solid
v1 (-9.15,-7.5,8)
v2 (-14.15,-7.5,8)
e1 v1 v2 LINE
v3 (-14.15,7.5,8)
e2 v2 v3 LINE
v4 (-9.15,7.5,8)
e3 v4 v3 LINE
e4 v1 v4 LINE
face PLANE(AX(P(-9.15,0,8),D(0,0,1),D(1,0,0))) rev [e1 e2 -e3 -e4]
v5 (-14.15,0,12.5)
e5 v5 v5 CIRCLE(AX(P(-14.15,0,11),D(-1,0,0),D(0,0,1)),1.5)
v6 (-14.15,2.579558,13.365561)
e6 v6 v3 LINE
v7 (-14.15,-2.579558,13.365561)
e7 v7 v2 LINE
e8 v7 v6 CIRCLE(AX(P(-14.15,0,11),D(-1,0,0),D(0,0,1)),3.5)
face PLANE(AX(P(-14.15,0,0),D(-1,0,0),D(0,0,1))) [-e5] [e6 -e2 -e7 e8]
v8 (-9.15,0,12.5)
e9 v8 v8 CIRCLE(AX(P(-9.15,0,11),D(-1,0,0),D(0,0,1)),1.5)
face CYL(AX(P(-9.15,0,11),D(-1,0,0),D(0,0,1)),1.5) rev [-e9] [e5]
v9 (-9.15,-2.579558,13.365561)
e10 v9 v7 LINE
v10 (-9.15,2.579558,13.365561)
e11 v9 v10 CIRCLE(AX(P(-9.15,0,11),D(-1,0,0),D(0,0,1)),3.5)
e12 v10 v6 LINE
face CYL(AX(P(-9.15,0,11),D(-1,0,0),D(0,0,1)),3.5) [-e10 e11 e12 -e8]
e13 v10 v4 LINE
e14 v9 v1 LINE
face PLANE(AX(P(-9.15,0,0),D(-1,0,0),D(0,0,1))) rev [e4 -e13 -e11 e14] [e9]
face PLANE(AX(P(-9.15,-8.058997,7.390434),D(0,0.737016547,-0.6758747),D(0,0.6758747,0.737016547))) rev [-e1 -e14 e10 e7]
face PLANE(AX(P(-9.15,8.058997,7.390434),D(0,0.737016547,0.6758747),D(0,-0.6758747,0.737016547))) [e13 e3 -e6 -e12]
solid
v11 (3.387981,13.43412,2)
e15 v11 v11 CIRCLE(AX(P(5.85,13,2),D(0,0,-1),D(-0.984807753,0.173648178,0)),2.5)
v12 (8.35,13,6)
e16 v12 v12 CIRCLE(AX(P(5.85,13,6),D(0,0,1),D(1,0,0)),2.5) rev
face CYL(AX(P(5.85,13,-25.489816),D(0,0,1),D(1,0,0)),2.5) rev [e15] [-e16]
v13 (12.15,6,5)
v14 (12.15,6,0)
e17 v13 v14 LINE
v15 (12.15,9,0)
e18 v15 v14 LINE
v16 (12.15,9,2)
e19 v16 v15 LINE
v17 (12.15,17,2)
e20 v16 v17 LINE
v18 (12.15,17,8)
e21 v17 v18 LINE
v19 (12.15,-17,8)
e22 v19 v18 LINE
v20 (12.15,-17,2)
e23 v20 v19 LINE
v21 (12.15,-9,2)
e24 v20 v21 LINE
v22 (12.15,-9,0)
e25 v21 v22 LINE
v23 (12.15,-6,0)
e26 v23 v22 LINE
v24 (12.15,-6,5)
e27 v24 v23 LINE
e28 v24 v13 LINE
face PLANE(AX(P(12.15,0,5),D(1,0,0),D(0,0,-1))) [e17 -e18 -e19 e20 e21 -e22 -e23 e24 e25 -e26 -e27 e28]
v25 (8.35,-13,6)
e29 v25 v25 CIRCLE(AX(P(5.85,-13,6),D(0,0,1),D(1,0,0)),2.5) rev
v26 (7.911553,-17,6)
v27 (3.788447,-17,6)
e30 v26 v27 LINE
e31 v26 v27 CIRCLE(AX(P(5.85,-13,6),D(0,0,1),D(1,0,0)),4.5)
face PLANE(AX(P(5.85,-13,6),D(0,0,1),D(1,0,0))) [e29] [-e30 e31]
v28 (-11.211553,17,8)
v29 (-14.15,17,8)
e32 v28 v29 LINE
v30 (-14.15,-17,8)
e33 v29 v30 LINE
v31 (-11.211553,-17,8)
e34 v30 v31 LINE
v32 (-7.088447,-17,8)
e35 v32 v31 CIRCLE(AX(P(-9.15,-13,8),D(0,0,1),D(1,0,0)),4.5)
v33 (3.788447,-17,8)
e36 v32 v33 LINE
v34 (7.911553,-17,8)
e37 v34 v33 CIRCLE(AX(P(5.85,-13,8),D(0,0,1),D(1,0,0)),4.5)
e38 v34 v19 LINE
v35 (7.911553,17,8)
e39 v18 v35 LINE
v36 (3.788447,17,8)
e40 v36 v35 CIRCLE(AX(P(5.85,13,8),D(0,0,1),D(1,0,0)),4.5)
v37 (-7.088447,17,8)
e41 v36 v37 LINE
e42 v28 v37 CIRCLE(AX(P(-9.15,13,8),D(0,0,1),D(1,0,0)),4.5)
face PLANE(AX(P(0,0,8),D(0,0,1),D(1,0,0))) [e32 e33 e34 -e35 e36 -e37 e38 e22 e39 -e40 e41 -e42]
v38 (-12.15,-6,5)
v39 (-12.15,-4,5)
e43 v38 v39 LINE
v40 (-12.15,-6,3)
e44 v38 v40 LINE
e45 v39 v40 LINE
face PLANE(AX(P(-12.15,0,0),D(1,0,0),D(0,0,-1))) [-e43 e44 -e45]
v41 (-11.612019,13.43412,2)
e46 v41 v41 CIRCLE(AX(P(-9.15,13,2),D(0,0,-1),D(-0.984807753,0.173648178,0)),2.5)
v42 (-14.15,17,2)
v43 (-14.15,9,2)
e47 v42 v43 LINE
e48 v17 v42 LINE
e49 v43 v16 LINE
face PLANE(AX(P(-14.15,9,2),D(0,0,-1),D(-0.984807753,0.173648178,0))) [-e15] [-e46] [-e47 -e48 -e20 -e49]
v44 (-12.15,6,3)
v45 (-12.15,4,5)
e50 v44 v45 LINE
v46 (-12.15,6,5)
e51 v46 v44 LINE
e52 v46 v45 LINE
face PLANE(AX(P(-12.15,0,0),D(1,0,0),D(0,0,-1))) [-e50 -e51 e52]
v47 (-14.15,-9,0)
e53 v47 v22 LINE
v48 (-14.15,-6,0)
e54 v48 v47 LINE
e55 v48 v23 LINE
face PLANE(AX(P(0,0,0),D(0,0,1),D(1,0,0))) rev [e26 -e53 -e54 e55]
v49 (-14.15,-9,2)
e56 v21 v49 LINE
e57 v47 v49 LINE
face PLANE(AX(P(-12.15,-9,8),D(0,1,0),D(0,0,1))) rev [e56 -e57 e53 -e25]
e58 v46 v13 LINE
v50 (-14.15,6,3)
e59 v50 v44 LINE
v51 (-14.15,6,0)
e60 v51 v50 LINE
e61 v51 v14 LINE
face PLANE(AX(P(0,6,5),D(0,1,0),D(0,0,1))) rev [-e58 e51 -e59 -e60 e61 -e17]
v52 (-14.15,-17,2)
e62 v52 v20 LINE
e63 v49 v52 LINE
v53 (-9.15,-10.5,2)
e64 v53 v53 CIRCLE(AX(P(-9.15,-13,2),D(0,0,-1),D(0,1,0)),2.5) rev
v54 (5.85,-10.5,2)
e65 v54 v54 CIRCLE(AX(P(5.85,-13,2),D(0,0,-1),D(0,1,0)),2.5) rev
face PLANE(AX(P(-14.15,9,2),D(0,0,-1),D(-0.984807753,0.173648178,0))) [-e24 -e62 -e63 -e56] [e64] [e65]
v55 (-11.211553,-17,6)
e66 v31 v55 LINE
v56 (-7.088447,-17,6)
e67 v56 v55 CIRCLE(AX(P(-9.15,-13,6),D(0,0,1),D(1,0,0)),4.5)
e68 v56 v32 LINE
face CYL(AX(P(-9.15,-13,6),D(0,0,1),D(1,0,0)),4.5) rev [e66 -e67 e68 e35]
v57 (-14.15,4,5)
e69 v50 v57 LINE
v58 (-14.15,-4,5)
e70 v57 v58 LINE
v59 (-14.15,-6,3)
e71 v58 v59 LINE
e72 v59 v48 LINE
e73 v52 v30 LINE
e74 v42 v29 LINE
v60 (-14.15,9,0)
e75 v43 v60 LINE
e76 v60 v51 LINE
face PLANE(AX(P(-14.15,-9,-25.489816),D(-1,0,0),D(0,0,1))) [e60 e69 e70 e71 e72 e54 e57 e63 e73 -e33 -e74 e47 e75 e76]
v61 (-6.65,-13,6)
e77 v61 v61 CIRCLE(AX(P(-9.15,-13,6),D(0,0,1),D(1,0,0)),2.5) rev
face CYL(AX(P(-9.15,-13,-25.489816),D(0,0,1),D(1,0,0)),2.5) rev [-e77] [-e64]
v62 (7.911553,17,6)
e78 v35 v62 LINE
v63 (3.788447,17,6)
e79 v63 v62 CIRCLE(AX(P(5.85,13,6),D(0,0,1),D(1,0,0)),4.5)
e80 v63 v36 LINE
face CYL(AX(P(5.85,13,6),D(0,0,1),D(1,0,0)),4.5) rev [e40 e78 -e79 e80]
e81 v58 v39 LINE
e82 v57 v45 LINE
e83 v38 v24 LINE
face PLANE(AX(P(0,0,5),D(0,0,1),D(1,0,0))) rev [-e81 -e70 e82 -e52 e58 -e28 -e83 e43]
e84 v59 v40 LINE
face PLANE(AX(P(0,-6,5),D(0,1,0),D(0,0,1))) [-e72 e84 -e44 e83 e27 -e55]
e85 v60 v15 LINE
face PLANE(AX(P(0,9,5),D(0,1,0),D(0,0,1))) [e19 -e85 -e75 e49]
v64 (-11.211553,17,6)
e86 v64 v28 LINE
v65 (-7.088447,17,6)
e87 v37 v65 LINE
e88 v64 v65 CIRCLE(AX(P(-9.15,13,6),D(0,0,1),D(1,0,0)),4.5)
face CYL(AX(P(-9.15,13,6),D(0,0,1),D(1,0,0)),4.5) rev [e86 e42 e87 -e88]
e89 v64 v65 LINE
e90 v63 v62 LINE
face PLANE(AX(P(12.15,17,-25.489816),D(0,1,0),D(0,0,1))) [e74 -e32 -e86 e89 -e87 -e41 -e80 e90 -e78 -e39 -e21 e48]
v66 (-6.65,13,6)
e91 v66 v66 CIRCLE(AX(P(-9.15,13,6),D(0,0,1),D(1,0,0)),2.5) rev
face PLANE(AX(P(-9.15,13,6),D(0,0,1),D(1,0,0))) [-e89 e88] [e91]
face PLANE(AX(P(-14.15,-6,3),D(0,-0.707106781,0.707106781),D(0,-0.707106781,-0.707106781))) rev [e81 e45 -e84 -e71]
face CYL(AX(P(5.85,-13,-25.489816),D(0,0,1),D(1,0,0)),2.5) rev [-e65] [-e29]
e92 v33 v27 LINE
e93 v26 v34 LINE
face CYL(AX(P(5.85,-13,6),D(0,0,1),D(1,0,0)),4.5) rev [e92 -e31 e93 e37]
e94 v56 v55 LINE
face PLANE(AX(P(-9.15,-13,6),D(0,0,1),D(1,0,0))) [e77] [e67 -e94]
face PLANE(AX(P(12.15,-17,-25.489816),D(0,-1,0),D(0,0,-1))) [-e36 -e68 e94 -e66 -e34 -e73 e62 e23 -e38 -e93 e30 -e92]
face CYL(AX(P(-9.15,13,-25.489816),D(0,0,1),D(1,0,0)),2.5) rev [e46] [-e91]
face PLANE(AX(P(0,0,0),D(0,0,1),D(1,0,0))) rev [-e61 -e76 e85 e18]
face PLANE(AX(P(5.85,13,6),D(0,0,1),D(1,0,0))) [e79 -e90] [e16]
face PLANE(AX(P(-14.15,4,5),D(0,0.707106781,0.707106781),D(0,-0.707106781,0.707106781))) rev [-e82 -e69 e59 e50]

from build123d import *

# Parameters (mm, degrees)
SKETCH_1_W          = 24.3
SKETCH_1_H          = 3
EXTRUDE_1_DEPTH     = 5
EXTRUDE_1_2_DEPTH   = 5
SKETCH_2_W          = 24.3
SKETCH_2_H          = 18
EXTRUDE_2_DEPTH     = 3
EXTRUDE_3_DEPTH     = 2
SKETCH_5_W          = 26.3
SKETCH_5_H          = 8
SKETCH_5_R          = 2.5
EXTRUDE_5_DEPTH     = 6
EXTRUDE_6_DEPTH     = 5
SKETCH_7_R          = 4.5
CUT_EXTRUDE_1_DEPTH = 2


with BuildPart() as part:
    # Эскиз1 → Бобышка-Вытянуть1 (new body)
    with BuildSketch(Plane.XY):
        with Locations((0, 7.5)):
            Rectangle(SKETCH_1_W, SKETCH_1_H)
    extrude(amount=EXTRUDE_1_DEPTH)



with BuildPart() as body_2:
    # Эскиз1 → Extrude 1 2 (new body)
    with BuildSketch(Plane.XY):
        with Locations((0, -7.5)):
            Rectangle(SKETCH_1_W, SKETCH_1_H)
    extrude(amount=EXTRUDE_1_2_DEPTH)


with BuildPart() as part_1:
    add(part.part)

    add(body_2.part)  # Бобышка-Вытянуть2 merges body 2
    # Эскиз2 → Бобышка-Вытянуть2 (add)
    with BuildSketch(Plane.XY.offset(5)):
        Rectangle(SKETCH_2_W, SKETCH_2_H)
    extrude(amount=EXTRUDE_2_DEPTH)



with BuildPart() as body_2_2:
    # Эскиз3 → Бобышка-Вытянуть3 (new body)
    with BuildSketch(Plane.ZY.offset(12.15)):
        Polygon((0, -9), (0, -6), (3, -6), (5, -4), (5, 4), (3, 6), (0, 6), (0, 9), (8, 9), (8, -9), align=None)
    extrude(amount=EXTRUDE_3_DEPTH)


with BuildPart() as part_2:
    add(part_1.part)

    add(body_2_2.part)  # Бобышка-Вытянуть5 merges body 2 2
    # Эскиз5 → Бобышка-Вытянуть5 (add)
    # profile 1 of 2: a face of its own
    with BuildSketch(Plane.XY.offset(8)):
        with Locations((-1, -13)):
            Rectangle(SKETCH_5_W, SKETCH_5_H)
        with Locations((-9.15, -13)):
            Circle(SKETCH_5_R, mode=Mode.SUBTRACT)
        with Locations((5.85, -13)):
            Circle(SKETCH_5_R, mode=Mode.SUBTRACT)
    # profile 2 of 2: a face of its own
    with BuildSketch(Plane.XY.offset(8)):
        with Locations((-1, 13)):
            Rectangle(SKETCH_5_W, SKETCH_5_H)
        with Locations((5.85, 13)):
            Circle(SKETCH_5_R, mode=Mode.SUBTRACT)
        with Locations((-9.15, 13)):
            Circle(SKETCH_5_R, mode=Mode.SUBTRACT)
    extrude(amount=-EXTRUDE_5_DEPTH)

    # Эскиз7 → Вырез-Вытянуть1 (cut)
    with BuildSketch(Plane.XY.offset(8)):
        with Locations((5.85, 13)):
            Circle(SKETCH_7_R)
        with Locations((5.85, -13)):
            Circle(SKETCH_7_R)
        with Locations((-9.15, -13)):
            Circle(SKETCH_7_R)
        with Locations((-9.15, 13)):
            Circle(SKETCH_7_R)
    extrude(amount=-CUT_EXTRUDE_1_DEPTH, mode=Mode.SUBTRACT)


with BuildPart() as body_2_3:
    # Эскиз6 → Бобышка-Вытянуть6 (new body)
    with BuildSketch(Plane.ZY.offset(14.15)):
        with BuildLine():
            Line((8, -7.5), (13.36556145, -2.579557913))
            ThreePointArc((13.36556145, -2.579557913), (10.498526427, -3.463888603), (8, -1.802775638))
            Line((8, -1.802775638), (8, -7.5))
        make_face()
        with BuildLine():
            ThreePointArc((8, 1.802775638), (10.498526427, 3.463888603), (13.36556145, 2.579557913))
            Line((13.36556145, 2.579557913), (8, 7.5))
            Line((8, 7.5), (8, 1.802775638))
        make_face()
        with BuildLine():
            ThreePointArc((14.5, 0), (14.203862128, 1.408995196), (13.36556145, 2.579557913))
            ThreePointArc((13.36556145, 2.579557913), (10.498526427, 3.463888603), (8, 1.802775638))
            Line((8, 1.802775638), (8, 0))
            Line((8, 0), (9.5, 0))
            ThreePointArc((9.5, 0), (11, 1.5), (12.5, 0))
            Line((12.5, 0), (14.5, 0))
        make_face()
        with BuildLine():
            ThreePointArc((13.36556145, -2.579557913), (14.203862128, -1.408995196), (14.5, 0))
            Line((14.5, 0), (12.5, 0))
            ThreePointArc((12.5, 0), (11, -1.5), (9.5, 0))
            Line((9.5, 0), (8, 0))
            Line((8, 0), (8, -1.802775638))
            ThreePointArc((8, -1.802775638), (10.498526427, -3.463888603), (13.36556145, -2.579557913))
        make_face()
    extrude(amount=-EXTRUDE_6_DEPTH)


solid = Compound([part_2.part, body_2_3.part])
